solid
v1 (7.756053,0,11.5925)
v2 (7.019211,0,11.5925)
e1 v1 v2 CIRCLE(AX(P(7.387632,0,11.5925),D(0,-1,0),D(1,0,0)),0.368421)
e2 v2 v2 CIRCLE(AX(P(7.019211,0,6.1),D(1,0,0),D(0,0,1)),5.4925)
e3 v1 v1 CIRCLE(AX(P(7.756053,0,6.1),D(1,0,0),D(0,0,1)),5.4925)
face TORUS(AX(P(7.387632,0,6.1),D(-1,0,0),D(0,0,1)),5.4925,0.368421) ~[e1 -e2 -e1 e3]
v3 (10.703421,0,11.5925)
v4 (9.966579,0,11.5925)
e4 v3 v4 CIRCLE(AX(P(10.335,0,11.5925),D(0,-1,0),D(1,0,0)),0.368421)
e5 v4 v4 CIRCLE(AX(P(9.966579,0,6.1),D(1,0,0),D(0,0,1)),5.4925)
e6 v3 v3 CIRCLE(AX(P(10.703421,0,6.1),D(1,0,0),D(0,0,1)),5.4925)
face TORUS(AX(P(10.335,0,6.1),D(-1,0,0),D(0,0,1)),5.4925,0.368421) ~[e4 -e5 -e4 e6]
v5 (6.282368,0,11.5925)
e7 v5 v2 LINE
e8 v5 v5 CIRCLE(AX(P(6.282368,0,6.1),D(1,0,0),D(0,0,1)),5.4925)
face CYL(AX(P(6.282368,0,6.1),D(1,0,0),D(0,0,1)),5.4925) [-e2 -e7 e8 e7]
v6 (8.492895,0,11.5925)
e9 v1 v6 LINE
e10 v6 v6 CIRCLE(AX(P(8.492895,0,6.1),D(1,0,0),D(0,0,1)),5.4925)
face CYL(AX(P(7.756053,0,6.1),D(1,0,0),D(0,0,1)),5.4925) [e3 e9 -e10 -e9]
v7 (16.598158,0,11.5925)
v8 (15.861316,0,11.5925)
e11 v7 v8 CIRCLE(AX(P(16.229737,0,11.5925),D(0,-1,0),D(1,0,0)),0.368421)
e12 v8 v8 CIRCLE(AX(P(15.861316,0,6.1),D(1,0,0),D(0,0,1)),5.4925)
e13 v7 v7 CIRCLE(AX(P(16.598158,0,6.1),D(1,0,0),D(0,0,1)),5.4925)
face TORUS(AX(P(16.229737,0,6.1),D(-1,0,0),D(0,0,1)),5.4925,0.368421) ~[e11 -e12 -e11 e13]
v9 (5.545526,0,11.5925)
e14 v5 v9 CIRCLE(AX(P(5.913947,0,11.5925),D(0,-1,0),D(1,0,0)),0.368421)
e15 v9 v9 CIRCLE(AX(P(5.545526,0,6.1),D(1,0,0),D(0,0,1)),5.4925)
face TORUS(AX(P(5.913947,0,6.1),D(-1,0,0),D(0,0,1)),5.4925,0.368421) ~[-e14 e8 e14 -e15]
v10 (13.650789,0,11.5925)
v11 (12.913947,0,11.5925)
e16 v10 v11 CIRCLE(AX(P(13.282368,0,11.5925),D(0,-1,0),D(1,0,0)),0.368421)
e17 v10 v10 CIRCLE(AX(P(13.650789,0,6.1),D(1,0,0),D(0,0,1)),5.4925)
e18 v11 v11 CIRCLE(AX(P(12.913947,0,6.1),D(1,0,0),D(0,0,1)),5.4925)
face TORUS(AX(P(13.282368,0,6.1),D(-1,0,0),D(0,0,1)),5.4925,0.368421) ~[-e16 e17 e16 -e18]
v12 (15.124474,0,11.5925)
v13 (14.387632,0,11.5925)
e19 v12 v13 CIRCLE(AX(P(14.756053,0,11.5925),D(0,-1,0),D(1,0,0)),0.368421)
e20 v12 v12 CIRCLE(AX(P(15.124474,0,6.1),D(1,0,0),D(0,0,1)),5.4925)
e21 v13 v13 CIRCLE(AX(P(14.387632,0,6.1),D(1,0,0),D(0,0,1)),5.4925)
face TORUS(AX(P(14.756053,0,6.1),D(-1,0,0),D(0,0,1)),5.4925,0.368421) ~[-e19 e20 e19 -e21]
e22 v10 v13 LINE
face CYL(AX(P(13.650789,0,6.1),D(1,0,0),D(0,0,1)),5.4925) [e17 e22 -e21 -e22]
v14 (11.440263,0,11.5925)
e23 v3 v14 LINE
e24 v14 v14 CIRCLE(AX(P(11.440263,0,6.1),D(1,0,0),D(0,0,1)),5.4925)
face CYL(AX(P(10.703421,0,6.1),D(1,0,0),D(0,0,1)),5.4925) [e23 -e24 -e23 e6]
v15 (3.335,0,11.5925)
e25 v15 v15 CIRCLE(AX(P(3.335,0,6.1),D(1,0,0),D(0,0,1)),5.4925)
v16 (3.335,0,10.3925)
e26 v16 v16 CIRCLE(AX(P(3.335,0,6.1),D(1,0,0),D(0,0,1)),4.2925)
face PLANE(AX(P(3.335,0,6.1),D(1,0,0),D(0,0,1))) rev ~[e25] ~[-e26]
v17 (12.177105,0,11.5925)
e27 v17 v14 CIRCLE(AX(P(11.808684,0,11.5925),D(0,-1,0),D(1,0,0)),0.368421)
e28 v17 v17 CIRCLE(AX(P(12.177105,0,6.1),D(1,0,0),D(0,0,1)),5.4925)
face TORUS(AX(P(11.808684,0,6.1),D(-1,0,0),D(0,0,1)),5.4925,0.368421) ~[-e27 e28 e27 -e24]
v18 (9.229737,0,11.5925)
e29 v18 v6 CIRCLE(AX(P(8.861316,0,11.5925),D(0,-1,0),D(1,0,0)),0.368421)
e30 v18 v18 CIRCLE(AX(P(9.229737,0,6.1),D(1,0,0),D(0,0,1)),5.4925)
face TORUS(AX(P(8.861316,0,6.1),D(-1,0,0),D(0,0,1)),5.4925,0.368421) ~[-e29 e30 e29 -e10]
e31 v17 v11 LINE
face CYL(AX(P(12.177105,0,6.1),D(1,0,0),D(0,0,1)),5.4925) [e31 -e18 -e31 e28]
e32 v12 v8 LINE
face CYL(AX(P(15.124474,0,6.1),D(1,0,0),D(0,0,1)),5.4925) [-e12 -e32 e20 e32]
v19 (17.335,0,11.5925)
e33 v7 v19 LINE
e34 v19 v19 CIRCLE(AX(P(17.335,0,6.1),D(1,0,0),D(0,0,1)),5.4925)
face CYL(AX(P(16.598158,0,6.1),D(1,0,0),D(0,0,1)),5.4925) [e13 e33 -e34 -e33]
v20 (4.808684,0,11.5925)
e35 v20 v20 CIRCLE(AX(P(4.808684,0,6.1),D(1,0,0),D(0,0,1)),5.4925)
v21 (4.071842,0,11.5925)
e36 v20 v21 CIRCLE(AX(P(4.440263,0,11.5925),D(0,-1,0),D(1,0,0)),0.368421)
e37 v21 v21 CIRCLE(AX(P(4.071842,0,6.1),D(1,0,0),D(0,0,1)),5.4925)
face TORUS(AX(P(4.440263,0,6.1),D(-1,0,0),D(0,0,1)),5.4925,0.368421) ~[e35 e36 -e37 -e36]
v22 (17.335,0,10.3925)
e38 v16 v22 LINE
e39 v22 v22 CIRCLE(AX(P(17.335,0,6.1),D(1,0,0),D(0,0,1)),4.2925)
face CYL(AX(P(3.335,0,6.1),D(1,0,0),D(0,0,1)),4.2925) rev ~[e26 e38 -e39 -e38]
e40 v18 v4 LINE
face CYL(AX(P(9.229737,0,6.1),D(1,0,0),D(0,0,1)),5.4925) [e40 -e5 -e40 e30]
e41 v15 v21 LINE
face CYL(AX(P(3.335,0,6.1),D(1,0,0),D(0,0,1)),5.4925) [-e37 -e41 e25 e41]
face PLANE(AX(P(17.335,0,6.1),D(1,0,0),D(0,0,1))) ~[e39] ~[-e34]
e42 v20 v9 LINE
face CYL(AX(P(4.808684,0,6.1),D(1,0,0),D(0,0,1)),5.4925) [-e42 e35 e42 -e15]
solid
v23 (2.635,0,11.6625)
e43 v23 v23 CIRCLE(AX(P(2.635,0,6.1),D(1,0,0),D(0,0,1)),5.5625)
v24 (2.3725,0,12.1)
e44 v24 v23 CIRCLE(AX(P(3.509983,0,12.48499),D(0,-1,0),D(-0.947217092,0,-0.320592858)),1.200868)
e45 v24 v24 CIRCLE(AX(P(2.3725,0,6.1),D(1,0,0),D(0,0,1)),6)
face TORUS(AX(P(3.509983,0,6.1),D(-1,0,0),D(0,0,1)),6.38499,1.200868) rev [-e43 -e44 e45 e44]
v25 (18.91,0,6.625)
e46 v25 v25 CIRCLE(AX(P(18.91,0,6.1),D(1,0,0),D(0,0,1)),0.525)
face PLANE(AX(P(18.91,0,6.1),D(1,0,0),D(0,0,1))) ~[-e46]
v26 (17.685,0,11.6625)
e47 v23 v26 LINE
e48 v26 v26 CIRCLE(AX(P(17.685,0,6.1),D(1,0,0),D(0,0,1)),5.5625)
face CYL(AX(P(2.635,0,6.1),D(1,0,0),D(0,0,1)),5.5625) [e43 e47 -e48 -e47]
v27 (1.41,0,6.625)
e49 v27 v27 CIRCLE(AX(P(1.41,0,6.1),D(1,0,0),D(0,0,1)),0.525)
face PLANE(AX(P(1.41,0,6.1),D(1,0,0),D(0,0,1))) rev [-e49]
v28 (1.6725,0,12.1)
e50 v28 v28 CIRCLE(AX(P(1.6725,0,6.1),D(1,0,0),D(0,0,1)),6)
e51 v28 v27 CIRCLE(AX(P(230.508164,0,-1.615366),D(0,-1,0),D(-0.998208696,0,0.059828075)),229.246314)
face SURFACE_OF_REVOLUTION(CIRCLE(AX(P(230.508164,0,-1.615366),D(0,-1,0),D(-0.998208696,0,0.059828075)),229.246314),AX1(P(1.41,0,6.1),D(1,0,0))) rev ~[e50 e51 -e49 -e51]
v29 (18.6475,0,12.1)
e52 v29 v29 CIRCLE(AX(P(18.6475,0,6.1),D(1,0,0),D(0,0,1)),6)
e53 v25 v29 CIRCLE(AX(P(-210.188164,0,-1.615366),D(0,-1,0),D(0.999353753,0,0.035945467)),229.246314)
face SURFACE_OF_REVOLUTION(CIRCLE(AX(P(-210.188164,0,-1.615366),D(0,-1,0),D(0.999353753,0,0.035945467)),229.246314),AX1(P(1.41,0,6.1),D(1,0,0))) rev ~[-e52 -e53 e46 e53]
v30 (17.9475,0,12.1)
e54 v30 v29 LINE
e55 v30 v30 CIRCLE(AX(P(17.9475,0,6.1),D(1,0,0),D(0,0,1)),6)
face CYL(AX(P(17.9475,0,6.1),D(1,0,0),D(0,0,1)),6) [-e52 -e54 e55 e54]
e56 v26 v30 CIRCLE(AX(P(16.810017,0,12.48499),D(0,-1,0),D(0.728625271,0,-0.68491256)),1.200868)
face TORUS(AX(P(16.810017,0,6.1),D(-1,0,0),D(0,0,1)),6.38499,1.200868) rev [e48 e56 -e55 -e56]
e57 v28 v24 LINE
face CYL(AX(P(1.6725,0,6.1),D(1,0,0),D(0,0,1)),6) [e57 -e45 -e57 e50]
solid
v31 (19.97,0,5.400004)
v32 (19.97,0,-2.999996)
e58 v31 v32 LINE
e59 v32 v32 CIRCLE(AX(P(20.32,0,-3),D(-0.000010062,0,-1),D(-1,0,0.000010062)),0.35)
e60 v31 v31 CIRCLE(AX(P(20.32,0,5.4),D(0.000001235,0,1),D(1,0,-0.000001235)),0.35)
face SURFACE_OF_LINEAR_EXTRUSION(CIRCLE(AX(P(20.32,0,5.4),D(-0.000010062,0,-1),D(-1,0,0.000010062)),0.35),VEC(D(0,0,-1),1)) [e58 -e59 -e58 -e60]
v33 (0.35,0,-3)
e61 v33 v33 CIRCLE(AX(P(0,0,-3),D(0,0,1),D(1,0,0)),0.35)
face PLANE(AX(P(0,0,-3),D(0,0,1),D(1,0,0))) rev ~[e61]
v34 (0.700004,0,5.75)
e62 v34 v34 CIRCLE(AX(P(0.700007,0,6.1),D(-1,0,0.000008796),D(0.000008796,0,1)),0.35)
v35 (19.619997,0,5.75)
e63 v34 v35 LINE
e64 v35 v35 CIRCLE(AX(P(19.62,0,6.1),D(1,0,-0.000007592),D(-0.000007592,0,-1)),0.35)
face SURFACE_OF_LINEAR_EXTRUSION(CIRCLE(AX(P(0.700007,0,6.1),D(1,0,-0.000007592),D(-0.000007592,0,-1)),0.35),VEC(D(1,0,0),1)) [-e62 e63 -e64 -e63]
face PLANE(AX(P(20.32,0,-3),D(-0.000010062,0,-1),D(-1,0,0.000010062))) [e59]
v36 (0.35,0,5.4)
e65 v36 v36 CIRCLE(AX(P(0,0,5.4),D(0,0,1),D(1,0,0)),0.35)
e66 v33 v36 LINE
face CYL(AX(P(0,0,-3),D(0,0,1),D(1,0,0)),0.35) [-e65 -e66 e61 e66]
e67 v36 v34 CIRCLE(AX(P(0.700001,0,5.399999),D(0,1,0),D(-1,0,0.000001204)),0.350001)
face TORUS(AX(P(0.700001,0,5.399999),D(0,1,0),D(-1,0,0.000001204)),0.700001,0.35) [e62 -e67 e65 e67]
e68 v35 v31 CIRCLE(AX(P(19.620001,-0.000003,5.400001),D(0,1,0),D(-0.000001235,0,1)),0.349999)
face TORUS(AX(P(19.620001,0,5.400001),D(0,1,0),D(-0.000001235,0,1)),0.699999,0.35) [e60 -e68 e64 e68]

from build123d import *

# Parameters (mm, degrees)
SKETCH_R = 0.35


with BuildPart() as revolution:
    # Sketch002 → Revolution (revolve)
    with BuildSketch(Plane.XZ):
        with BuildLine():
            Line((1.6725, 12.1), (2.3725, 12.1))
            ThreePointArc((2.3725, 12.1), (2.480247, 11.867148), (2.635, 11.6625))
            Line((2.635, 11.6625), (17.685, 11.6625))
            ThreePointArc((17.685, 11.6625), (17.839753, 11.867148), (17.9475, 12.1))
            Line((17.9475, 12.1), (18.6475, 12.1))
            ThreePointArc((18.91, 6.625), (18.795114, 9.363285), (18.6475, 12.1))
            Line((18.91, 6.1), (18.91, 6.625))
            Line((1.41, 6.1), (18.91, 6.1))
            Line((1.41, 6.1), (1.41, 6.625))
            ThreePointArc((1.6725, 12.1), (1.524886, 9.363285), (1.41, 6.625))
        make_face()
    revolve(axis=Axis((1.41, 0, 6.1), (1, 0, 0)))


with BuildPart() as sweep_body:
    # Sweep: sweep along a path in Sketch001
    with BuildLine(Plane.XZ) as sweep_path:
        Line((0, -3), (0, 5.4))
        ThreePointArc((0, 5.4), (0.205028, 5.894977), (0.700007, 6.1))
        Line((0.700007, 6.1), (19.62, 6.1))
        ThreePointArc((19.62, 6.1), (20.114975, 5.894975), (20.32, 5.4))
        Line((20.32, 5.4), (20.32, -3))
    # Sketch → Sweep (sweep)
    with BuildSketch(Plane.XY.offset(-2)):
        Circle(SKETCH_R)
    sweep(path=sweep_path.line)


with BuildPart() as revolution001:
    # Sketch003 → Revolution001 (revolve)
    with BuildSketch(Plane.XZ):
        with BuildLine():
            ThreePointArc((4.808684, 11.5925), (4.440263, 11.960921), (4.071842, 11.5925))
            Line((3.335, 11.5925), (4.071842, 11.5925))
            Line((3.335, 11.5925), (3.335, 10.3925))
            Line((3.335, 10.3925), (17.335, 10.3925))
            Line((17.335, 10.3925), (17.335, 11.5925))
            Line((16.598158, 11.5925), (17.335, 11.5925))
            ThreePointArc((16.598158, 11.5925), (16.229737, 11.960921), (15.861316, 11.5925))
            Line((15.124474, 11.5925), (15.861316, 11.5925))
            ThreePointArc((15.124474, 11.5925), (14.756053, 11.960921), (14.387632, 11.5925))
            Line((13.650789, 11.5925), (14.387632, 11.5925))
            ThreePointArc((13.650789, 11.5925), (13.282368, 11.960921), (12.913947, 11.5925))
            Line((12.177105, 11.5925), (12.913947, 11.5925))
            ThreePointArc((12.177105, 11.5925), (11.808684, 11.960921), (11.440263, 11.5925))
            Line((10.703421, 11.5925), (11.440263, 11.5925))
            ThreePointArc((10.703421, 11.5925), (10.335, 11.960921), (9.966579, 11.5925))
            Line((9.229737, 11.5925), (9.966579, 11.5925))
            ThreePointArc((9.229737, 11.5925), (8.861316, 11.960921), (8.492895, 11.5925))
            Line((7.756053, 11.5925), (8.492895, 11.5925))
            ThreePointArc((7.756053, 11.5925), (7.387632, 11.960921), (7.019211, 11.5925))
            Line((6.282368, 11.5925), (7.019211, 11.5925))
            ThreePointArc((6.282368, 11.5925), (5.913947, 11.960921), (5.545526, 11.5925))
            Line((4.808684, 11.5925), (5.545526, 11.5925))
        make_face()
    revolve(axis=Axis((1.8475, 0, 6.1), (1, 0, 0)))


solid = Compound([revolution.part, sweep_body.part, revolution001.part])
